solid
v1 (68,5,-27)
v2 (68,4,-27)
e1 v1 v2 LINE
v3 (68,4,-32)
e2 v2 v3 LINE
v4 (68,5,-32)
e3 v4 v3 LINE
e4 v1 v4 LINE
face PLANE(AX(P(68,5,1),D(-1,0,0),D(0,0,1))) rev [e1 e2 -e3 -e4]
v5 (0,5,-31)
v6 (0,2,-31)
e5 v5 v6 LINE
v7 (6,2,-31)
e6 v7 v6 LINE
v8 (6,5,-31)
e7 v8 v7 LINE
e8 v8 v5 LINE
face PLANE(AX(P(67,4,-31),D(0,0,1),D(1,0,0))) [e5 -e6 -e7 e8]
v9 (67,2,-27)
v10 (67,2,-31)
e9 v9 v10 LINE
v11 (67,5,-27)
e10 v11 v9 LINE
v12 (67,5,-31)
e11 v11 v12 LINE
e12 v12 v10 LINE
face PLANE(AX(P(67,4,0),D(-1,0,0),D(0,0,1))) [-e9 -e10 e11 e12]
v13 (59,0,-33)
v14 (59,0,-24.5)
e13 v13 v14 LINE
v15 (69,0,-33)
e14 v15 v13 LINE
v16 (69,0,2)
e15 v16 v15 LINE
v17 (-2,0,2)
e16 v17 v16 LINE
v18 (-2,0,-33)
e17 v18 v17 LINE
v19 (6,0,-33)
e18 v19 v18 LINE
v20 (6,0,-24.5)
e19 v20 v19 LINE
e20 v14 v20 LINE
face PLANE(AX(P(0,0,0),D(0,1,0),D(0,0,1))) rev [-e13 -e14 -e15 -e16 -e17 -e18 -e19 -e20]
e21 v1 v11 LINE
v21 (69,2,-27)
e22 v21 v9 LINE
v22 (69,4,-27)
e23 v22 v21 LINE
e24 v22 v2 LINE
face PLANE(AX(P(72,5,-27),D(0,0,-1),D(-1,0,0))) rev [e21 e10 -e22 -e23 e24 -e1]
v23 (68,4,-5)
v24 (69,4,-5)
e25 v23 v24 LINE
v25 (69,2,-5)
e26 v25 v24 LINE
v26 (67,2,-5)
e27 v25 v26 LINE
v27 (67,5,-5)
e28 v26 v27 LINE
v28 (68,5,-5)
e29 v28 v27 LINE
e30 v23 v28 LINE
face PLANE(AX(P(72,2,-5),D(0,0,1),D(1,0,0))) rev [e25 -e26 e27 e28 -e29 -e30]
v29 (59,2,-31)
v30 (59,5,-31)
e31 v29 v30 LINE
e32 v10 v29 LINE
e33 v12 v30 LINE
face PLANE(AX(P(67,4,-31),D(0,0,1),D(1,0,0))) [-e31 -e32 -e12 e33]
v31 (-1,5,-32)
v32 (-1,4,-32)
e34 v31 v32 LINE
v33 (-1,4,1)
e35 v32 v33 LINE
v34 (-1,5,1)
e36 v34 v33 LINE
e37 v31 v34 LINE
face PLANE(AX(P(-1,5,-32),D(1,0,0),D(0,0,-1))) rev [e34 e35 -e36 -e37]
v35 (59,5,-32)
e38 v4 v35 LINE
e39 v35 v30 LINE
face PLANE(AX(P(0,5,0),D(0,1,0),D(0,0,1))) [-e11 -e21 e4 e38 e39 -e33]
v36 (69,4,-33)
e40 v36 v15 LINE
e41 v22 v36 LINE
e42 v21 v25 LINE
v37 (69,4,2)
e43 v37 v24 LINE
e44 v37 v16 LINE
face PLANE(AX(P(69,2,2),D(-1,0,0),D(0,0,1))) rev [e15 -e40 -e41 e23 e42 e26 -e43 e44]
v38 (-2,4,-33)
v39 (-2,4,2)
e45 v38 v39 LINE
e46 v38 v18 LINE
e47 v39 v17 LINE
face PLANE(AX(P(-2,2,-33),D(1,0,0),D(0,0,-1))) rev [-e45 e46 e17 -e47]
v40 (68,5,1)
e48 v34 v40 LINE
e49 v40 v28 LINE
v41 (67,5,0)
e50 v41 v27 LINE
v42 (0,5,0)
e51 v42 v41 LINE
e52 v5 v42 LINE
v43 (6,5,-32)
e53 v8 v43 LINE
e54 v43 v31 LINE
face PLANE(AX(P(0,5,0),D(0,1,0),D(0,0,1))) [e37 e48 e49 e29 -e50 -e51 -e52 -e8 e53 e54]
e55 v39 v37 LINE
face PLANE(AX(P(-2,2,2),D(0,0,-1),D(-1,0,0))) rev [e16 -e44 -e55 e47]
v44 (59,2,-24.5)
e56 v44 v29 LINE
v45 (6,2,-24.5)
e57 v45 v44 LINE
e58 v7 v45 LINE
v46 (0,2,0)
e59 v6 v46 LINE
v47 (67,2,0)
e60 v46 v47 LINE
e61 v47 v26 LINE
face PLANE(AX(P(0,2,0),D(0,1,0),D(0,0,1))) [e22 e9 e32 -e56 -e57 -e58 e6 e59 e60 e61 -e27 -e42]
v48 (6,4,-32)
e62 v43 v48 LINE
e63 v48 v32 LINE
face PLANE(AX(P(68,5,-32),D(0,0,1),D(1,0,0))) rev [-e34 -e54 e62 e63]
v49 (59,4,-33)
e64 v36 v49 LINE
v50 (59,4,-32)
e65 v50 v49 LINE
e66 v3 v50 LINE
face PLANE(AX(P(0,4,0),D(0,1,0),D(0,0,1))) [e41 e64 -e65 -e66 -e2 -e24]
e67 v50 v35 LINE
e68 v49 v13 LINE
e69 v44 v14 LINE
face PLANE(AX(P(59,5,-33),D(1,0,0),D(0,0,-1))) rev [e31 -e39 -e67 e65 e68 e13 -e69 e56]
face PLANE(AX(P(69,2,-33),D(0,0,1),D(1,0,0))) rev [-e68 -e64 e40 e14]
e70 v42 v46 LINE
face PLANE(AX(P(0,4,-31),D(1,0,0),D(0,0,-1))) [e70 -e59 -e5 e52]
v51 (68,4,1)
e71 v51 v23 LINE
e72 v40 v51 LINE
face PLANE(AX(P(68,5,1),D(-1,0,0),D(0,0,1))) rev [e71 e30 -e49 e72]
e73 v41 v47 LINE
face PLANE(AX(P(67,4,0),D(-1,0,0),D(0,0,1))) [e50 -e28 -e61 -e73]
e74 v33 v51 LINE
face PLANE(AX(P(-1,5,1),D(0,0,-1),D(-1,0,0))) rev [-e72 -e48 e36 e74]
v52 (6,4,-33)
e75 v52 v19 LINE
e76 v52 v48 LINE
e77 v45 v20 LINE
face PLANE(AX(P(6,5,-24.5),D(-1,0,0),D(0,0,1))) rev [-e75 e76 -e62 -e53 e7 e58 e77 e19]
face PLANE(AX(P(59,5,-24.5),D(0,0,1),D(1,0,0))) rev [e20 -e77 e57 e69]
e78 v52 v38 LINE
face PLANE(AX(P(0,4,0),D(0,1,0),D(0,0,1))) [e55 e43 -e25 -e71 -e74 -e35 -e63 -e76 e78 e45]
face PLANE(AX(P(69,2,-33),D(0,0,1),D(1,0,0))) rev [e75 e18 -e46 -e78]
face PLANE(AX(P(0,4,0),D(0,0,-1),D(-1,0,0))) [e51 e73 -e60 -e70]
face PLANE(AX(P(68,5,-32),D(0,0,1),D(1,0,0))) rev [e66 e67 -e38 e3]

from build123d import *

# Parameters (mm, degrees)
SKETCH1_W           = 71
SKETCH1_H           = 35
BOSS_EXTRUDE1_DEPTH = 2
SKETCH2_W           = 71
SKETCH2_H           = 35
SKETCH2_W_2         = 67
SKETCH2_H_2         = 31
BOSS_EXTRUDE2_DEPTH = 2
SKETCH3_W           = 69
SKETCH3_H           = 33
SKETCH3_W_2         = 67
SKETCH3_H_2         = 31
BOSS_EXTRUDE3_DEPTH = 1
SKETCH4_W           = 22
SKETCH4_H           = 3
CUT_EXTRUDE1_DEPTH  = 5
SKETCH5_W           = 53
SKETCH5_H           = 8.5
CUT_EXTRUDE2_DEPTH  = 5


with BuildPart() as part:
    # Sketch1 → Boss-Extrude1 (new body)
    with BuildSketch(Plane(origin=(0, 0, 0), x_dir=(1, 0, 0), z_dir=(0, 1, 0))):
        with Locations((33.5, 15.5)):
            Rectangle(SKETCH1_W, SKETCH1_H)
    extrude(amount=BOSS_EXTRUDE1_DEPTH)

    # Sketch2 → Boss-Extrude2 (add)
    with BuildSketch(Plane(origin=(0, 2, 0), x_dir=(1, 0, 0), z_dir=(0, 1, 0))):
        with Locations((33.5, 15.5)):
            Rectangle(SKETCH2_W, SKETCH2_H)
        with Locations((33.5, 15.5)):
            Rectangle(SKETCH2_W_2, SKETCH2_H_2, mode=Mode.SUBTRACT)
    extrude(amount=BOSS_EXTRUDE2_DEPTH)

    # Sketch3 → Boss-Extrude3 (add)
    with BuildSketch(Plane(origin=(0, 4, 0), x_dir=(1, 0, 0), z_dir=(0, 1, 0))):
        with Locations((33.5, 15.5)):
            Rectangle(SKETCH3_W, SKETCH3_H)
        with Locations((33.5, 15.5)):
            Rectangle(SKETCH3_W_2, SKETCH3_H_2, mode=Mode.SUBTRACT)
    extrude(amount=BOSS_EXTRUDE3_DEPTH)

    # Sketch4 → Cut-Extrude1 (cut)
    with BuildSketch(Plane.ZY.offset(-67)):
        with Locations((-16, 3.5)):
            Rectangle(SKETCH4_W, SKETCH4_H)
    extrude(amount=-CUT_EXTRUDE1_DEPTH, mode=Mode.SUBTRACT)

    # Sketch5 → Cut-Extrude2 (cut)
    with BuildSketch(Plane.XZ):
        with Locations((32.5, -28.75)):
            Rectangle(SKETCH5_W, SKETCH5_H)
    extrude(amount=-CUT_EXTRUDE2_DEPTH, mode=Mode.SUBTRACT)


solid = part.part
